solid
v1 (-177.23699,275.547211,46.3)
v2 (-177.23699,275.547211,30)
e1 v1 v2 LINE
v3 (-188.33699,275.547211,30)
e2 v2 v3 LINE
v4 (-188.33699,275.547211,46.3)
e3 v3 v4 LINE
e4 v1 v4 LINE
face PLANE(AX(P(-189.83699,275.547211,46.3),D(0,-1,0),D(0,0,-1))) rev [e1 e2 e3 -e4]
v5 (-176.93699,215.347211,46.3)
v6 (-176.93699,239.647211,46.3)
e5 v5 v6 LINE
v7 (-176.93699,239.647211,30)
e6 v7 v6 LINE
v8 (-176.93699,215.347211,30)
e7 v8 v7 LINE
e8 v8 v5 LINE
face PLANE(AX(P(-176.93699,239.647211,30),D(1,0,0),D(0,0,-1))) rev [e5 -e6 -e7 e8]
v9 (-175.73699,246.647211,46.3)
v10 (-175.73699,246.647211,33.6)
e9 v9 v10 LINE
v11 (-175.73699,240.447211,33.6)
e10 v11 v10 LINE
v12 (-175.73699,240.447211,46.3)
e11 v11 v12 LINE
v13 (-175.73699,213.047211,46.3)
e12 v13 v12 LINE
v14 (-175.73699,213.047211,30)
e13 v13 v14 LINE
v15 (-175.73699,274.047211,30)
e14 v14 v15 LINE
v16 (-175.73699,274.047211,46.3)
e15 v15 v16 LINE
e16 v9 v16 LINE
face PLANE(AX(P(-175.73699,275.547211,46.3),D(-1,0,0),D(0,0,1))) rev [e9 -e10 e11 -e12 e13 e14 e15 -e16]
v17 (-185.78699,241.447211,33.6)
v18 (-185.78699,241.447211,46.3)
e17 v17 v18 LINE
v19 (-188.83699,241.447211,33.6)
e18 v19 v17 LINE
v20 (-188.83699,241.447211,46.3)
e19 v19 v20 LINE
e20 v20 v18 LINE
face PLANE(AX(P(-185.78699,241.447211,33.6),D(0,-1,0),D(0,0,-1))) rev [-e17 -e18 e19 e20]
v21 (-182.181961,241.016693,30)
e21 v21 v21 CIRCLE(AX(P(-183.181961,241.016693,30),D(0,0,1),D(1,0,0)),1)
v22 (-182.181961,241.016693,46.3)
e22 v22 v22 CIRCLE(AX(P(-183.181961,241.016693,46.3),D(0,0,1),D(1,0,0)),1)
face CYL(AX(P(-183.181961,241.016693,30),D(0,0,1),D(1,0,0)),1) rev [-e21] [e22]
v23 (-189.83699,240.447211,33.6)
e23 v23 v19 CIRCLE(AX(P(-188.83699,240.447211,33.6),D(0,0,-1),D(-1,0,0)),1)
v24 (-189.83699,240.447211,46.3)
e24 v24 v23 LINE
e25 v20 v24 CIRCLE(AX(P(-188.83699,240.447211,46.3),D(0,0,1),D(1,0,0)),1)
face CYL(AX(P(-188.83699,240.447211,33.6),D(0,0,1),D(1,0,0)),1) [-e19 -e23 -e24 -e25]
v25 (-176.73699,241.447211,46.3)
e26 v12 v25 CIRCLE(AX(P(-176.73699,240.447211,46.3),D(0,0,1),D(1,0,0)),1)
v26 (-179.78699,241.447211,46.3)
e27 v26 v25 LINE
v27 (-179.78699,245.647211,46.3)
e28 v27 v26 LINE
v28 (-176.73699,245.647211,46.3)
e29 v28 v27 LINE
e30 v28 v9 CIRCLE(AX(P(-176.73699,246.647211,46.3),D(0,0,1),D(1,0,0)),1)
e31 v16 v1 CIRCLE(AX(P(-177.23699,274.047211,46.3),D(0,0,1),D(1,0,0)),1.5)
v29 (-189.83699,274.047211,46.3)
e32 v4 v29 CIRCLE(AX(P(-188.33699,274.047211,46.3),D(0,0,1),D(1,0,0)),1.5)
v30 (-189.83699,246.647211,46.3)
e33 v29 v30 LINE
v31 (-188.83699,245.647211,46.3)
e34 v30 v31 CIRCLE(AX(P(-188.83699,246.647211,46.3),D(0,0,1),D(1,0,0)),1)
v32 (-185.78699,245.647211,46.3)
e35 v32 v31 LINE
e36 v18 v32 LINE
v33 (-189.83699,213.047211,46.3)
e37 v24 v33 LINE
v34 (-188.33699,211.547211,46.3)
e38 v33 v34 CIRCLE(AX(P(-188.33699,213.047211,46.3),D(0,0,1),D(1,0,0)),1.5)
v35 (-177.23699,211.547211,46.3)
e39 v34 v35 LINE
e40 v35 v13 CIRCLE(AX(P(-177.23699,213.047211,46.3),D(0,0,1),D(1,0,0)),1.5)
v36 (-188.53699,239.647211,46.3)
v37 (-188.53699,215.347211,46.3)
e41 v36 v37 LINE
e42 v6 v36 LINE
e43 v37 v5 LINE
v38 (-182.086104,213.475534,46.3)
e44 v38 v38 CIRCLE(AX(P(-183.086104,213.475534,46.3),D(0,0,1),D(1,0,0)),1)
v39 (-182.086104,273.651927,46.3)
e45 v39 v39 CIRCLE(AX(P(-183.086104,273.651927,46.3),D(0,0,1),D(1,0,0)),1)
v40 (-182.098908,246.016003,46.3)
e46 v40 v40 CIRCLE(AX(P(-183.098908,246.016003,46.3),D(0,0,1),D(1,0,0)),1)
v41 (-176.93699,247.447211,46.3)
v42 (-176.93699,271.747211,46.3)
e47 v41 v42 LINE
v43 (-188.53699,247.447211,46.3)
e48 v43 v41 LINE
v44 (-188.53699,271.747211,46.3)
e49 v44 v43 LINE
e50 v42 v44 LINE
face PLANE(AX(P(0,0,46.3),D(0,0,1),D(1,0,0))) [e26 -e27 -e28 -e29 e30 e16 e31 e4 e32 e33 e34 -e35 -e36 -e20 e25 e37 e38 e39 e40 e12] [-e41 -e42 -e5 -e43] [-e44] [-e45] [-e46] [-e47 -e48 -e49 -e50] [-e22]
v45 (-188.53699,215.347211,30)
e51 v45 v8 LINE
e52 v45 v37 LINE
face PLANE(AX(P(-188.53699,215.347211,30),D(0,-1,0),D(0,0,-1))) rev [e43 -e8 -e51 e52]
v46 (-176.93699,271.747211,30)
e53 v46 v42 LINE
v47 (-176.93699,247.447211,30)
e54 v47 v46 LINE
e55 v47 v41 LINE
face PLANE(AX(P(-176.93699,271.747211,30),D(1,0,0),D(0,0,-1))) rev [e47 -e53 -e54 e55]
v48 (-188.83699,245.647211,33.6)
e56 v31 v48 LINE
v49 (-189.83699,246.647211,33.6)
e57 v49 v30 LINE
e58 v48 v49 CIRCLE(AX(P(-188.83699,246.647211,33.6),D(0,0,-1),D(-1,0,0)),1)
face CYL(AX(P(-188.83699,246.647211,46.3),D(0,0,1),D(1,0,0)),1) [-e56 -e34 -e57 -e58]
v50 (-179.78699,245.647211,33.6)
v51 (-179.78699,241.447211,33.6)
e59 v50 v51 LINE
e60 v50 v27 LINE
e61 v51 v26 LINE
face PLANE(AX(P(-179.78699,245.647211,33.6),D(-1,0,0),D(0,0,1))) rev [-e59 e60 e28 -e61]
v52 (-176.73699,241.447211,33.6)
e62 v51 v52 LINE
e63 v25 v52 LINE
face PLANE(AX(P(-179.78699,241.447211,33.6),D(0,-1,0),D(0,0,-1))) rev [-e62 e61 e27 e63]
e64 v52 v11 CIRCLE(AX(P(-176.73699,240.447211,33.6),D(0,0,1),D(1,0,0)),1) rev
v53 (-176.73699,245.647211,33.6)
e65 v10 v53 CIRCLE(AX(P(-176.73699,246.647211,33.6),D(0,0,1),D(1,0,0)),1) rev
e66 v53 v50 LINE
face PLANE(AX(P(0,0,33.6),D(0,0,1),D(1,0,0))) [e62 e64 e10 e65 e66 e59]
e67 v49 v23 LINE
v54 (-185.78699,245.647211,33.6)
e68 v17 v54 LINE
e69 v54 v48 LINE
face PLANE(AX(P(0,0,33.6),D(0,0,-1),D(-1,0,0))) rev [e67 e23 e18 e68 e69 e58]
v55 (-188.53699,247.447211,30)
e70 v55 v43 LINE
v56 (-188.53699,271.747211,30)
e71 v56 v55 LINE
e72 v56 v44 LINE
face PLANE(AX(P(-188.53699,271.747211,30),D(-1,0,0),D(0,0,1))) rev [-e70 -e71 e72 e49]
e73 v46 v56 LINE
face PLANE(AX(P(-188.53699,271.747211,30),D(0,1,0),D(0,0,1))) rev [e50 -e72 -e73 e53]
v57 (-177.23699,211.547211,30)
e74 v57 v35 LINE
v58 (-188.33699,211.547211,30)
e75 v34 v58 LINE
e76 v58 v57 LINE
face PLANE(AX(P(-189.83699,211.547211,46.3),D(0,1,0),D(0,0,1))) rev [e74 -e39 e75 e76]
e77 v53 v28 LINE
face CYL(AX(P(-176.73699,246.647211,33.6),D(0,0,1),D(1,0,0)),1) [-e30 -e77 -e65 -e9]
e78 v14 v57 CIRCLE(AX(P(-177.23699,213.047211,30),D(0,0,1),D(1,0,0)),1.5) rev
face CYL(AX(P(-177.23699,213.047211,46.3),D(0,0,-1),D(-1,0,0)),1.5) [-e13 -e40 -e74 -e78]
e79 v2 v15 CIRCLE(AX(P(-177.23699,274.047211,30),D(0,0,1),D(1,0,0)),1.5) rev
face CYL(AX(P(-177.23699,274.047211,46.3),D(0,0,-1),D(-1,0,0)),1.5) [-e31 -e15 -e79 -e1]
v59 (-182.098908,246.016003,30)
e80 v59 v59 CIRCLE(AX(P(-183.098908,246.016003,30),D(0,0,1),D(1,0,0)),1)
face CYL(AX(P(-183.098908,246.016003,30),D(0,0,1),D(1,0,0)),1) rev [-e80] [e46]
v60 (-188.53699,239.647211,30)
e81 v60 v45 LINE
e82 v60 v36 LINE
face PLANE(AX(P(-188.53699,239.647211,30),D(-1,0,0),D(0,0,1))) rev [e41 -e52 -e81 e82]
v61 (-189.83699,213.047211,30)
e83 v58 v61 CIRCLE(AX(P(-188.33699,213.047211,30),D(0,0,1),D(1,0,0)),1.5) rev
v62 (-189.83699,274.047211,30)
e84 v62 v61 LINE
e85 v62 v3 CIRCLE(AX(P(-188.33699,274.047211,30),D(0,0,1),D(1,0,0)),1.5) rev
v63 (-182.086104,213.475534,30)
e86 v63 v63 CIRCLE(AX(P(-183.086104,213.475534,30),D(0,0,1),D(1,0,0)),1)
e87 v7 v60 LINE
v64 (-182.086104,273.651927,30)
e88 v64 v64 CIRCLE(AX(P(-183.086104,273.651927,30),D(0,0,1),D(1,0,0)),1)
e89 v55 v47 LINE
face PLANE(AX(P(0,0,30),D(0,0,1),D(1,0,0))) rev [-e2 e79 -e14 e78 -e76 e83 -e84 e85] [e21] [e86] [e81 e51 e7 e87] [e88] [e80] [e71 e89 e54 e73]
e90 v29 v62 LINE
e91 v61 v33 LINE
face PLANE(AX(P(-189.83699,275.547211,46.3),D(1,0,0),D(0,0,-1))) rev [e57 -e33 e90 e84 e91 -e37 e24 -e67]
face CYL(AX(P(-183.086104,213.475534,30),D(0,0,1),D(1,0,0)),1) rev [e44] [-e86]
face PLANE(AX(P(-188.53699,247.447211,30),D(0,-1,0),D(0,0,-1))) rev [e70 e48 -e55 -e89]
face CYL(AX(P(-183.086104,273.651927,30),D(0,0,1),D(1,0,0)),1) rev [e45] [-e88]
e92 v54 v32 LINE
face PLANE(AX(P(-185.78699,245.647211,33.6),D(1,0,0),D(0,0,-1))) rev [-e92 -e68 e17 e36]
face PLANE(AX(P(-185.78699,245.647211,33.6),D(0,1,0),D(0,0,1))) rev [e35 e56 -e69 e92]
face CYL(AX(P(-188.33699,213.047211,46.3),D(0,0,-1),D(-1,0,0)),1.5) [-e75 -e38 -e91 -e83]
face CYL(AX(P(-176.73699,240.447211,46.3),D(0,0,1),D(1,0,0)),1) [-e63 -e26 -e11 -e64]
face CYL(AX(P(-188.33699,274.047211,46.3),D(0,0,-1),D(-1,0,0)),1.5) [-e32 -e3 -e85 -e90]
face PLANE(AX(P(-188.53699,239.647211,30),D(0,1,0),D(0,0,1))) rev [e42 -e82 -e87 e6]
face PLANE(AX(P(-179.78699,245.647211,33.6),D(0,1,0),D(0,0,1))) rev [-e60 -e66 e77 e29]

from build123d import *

# Parameters (mm, degrees)
SKETCH4_W           = 14.1
SKETCH4_H           = 64
BOSS_EXTRUDE1_DEPTH = 16.3
FILLET1_R           = 1.5
SKETCH5_W           = 11.6
SKETCH5_H           = 24.3
CUT_EXTRUDE1_DEPTH  = 16.3
SKETCH6_W           = 4.05
SKETCH6_H           = 4.2
CUT_EXTRUDE2_DEPTH  = 12.7
FILLET2_R           = 1
SKETCH7_R           = 1
CUT_EXTRUDE3_DEPTH  = 16.3


with BuildPart() as part:
    # Sketch4 → Boss-Extrude1 (new body)
    with BuildSketch(Plane.XY.offset(30)):
        with Locations((-182.786990356, 243.547210693)):
            Rectangle(SKETCH4_W, SKETCH4_H)
    extrude(amount=BOSS_EXTRUDE1_DEPTH)

    # Fillet1
    fillet1_edges = [part.edges().sort_by_distance(p)[0] for p in [
        (-189.836990356, 275.547210693, 38.15),
        (-175.736990356, 275.547210693, 38.15),
        (-175.736990356, 211.547210693, 38.15),
        (-189.836990356, 211.547210693, 38.15),
    ]]
    fillet(fillet1_edges, radius=FILLET1_R)

    # Sketch5 → Cut-Extrude1 (cut)
    with BuildSketch(Plane.XY.offset(46.3)):
        with Locations((-182.736990356, 259.597210693)):
            Rectangle(SKETCH5_W, SKETCH5_H)
        with Locations((-182.736990356, 227.497210693)):
            Rectangle(SKETCH5_W, SKETCH5_H)
    extrude(amount=-CUT_EXTRUDE1_DEPTH, mode=Mode.SUBTRACT)

    # Sketch6 → Cut-Extrude2 (cut)
    with BuildSketch(Plane.XY.offset(46.3)):
        with Locations((-187.811990356, 243.547210693)):
            Rectangle(SKETCH6_W, SKETCH6_H)
        with Locations((-177.761990356, 243.547210693)):
            Rectangle(SKETCH6_W, SKETCH6_H)
    extrude(amount=-CUT_EXTRUDE2_DEPTH, mode=Mode.SUBTRACT)

    # Fillet2
    fillet2_edges = [part.edges().sort_by_distance(p)[0] for p in [
        (-189.836990356, 241.447210693, 39.95),
        (-189.836990356, 245.647210693, 39.95),
        (-175.736990356, 245.647210693, 39.95),
        (-175.736990356, 241.447210693, 39.95),
    ]]
    fillet(fillet2_edges, radius=FILLET2_R)

    # Sketch7 → Cut-Extrude3 (cut)
    with BuildSketch(Plane.XY.offset(46.3)):
        with Locations((-183.086103711, 273.651926582)):
            Circle(SKETCH7_R)
        with Locations((-183.086103711, 213.475534384)):
            Circle(SKETCH7_R)
        with Locations((-183.098908316, 246.016003292)):
            Circle(SKETCH7_R)
        with Locations((-183.18196106, 241.016693115)):
            Circle(SKETCH7_R)
    extrude(amount=-CUT_EXTRUDE3_DEPTH, mode=Mode.SUBTRACT)


solid = part.part
